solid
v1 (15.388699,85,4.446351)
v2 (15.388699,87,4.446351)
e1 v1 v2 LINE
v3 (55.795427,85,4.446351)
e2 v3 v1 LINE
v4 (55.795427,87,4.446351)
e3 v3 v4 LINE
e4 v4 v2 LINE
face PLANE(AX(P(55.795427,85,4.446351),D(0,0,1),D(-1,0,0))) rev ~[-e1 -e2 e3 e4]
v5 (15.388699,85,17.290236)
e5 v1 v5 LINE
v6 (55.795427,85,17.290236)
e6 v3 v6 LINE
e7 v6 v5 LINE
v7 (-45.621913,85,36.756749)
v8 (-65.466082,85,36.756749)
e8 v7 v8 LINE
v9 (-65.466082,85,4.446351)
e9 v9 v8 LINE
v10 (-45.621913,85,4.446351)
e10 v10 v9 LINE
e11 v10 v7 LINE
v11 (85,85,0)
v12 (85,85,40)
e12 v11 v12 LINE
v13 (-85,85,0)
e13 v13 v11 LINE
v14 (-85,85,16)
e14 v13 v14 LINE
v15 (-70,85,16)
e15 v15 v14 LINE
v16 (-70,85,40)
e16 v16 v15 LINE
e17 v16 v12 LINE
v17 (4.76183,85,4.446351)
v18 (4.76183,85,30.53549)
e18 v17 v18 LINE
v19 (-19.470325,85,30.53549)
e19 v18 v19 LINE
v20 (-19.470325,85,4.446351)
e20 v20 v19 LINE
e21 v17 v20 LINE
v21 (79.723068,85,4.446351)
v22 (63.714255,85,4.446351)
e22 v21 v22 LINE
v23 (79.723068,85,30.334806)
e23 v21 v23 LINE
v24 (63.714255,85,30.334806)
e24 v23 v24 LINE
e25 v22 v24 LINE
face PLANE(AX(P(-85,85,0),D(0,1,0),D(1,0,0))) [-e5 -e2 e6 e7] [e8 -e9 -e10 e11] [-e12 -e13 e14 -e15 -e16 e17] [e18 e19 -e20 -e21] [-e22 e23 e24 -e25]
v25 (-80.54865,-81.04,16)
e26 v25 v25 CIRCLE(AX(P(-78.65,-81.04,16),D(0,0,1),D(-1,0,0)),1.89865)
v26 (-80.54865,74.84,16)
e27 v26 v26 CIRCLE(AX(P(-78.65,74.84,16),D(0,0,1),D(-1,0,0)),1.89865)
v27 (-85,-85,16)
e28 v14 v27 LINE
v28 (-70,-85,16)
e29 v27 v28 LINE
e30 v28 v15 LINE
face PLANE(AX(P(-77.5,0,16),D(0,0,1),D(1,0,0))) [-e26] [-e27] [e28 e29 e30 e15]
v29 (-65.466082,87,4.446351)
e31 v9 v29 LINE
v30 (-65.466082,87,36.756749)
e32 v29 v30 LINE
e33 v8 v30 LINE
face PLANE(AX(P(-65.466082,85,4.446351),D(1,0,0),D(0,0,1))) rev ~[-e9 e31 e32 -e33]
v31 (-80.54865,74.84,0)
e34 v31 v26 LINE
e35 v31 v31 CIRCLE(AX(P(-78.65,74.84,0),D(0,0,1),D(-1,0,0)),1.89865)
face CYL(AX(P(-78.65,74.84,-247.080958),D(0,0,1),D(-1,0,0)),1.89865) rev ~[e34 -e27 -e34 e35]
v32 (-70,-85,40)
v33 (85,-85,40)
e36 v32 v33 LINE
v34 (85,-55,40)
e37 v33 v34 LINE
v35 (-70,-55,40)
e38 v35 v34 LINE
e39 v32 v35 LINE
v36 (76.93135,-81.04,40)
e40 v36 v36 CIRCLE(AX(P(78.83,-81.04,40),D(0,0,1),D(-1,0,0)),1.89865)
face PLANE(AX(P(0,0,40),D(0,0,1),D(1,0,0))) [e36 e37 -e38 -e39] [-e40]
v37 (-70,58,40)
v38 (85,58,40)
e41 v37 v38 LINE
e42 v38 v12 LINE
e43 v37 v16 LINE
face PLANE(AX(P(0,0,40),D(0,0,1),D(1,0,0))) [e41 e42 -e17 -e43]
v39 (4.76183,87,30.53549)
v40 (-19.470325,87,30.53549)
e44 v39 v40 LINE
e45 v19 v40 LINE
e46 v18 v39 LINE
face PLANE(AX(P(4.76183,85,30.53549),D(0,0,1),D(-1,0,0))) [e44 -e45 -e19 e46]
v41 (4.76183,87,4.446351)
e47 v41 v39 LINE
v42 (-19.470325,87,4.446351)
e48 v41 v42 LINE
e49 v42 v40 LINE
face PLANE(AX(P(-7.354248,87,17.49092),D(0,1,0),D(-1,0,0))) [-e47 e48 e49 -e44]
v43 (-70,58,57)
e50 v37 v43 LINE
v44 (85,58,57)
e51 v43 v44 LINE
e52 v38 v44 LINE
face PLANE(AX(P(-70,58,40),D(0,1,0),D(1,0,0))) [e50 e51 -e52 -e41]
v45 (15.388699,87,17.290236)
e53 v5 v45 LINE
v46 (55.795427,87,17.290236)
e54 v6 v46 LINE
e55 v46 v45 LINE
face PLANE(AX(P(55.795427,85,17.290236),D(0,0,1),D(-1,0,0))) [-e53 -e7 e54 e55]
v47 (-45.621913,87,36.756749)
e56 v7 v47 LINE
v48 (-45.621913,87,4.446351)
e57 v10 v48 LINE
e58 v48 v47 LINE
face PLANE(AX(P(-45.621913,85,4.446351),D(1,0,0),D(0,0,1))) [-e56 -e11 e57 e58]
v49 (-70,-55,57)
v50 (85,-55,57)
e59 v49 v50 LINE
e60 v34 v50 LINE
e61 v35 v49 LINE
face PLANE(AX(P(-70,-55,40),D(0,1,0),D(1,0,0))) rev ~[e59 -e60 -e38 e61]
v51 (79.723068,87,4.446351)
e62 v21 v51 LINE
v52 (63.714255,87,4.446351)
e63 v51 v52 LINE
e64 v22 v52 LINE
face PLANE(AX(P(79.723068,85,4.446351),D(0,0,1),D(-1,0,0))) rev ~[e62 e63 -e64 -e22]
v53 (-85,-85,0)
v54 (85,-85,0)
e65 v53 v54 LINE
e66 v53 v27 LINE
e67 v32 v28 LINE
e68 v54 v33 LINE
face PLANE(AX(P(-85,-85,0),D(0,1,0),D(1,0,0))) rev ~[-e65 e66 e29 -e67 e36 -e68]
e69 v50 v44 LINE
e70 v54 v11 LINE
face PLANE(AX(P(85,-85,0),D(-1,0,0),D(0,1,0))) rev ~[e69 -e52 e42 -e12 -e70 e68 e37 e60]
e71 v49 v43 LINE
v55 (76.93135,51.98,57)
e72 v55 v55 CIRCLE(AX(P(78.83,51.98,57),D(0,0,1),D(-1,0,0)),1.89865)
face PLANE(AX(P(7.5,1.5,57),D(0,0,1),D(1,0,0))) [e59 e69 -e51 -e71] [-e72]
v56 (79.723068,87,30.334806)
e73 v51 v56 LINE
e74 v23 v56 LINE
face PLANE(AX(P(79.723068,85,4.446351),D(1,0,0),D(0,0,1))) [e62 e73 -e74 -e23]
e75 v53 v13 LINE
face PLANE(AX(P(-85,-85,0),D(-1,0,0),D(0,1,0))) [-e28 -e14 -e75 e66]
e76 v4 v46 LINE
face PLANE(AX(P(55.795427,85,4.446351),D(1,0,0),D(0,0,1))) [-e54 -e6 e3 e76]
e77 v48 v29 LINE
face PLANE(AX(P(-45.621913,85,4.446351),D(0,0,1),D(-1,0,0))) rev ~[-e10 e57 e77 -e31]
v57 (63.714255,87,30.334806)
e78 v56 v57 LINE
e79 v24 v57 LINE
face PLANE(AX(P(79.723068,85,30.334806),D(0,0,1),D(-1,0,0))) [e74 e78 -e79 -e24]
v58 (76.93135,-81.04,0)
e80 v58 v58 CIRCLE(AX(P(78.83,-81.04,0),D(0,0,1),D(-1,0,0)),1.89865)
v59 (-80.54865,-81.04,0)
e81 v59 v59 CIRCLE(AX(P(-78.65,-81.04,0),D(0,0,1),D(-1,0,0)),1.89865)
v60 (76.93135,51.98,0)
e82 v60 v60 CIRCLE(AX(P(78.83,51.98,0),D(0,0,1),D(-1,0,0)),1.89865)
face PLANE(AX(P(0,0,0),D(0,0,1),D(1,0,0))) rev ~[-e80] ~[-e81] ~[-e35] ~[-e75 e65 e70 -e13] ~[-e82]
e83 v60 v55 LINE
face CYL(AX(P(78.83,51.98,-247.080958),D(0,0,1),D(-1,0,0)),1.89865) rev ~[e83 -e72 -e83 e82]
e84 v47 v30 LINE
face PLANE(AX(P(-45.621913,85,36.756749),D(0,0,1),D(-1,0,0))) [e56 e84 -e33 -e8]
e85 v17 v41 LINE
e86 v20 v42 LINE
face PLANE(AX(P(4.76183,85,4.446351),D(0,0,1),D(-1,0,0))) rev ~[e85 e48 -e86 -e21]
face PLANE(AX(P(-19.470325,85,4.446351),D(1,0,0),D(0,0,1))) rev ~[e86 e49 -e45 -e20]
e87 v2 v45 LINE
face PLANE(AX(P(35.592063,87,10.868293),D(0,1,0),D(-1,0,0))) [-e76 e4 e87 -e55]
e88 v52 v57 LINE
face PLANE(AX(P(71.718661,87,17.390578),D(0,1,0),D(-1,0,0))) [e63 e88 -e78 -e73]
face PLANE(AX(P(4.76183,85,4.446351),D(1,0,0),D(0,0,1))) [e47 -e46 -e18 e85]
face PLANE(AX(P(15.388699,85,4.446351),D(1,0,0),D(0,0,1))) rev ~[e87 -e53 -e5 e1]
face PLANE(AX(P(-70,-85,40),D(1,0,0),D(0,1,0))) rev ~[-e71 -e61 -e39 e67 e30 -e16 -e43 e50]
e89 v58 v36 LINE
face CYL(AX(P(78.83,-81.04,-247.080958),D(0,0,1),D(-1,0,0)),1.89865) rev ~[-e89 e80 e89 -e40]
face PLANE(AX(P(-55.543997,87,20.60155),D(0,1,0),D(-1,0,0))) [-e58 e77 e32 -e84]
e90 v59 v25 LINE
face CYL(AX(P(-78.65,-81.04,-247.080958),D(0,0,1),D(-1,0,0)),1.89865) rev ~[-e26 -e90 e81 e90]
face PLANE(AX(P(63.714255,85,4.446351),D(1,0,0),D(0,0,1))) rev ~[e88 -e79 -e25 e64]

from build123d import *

# Parameters (mm, degrees)
F0_W     = 170
F0_H     = 170
F1_DEPTH = 40
F2_W     = 155
F2_H     = 113
F3_DEPTH = 17
F4_DEPTH = 24
F6_D     = 3.7973
F7_W     = 16.0088125554
F7_H     = 25.888455566
F7_W_2   = 40.4067277214
F7_H_2   = 12.8438859247
F7_W_3   = 24.2321552965
F7_H_3   = 26.0891397484
F7_W_4   = 19.8441686174
F7_H_4   = 32.3103985284
F8_DEPTH = 2


with BuildPart() as f1:
    # F0 (on Top) → F1 (new body)
    with BuildSketch(Plane.XY):
        Rectangle(F0_W, F0_H)
    extrude(amount=F1_DEPTH)

    # F2 (on face) → F3 (join)
    with BuildSketch(Plane.XY.offset(40)):
        with Locations((7.5, 1.5)):
            Rectangle(F2_W, F2_H)
    extrude(amount=F3_DEPTH)

    # F2 (on face) → F4 (cut)
    with BuildSketch(Plane.XY.offset(40)):
        Polygon((-70, 58), (-70, 85), (-85, 85), (-85, -85), (-70, -85), (-70, -55), align=None)
    extrude(amount=-F4_DEPTH, mode=Mode.SUBTRACT)

    # F6 (through all)
    with Locations(Plane(origin=(0, 0, 0), x_dir=(1, 0, 0), z_dir=(0, 0, -1))):
        with Locations((-78.65, -74.84), (78.83, -51.98), (78.83, 81.04), (-78.65, 81.04)):
            Hole(F6_D / 2)

    # F7 (on face) → F8 (join)
    with BuildSketch(Plane(origin=(0, 85, 0), x_dir=(-1, 0, 0), z_dir=(0, 1, 0))):
        with Locations((-71.7186613039, 17.3905782867)):
            Rectangle(F7_W, F7_H)
        with Locations((-35.5920631724, 10.868293466)):
            Rectangle(F7_W_2, F7_H_2)
        with Locations((7.3542475339, 17.4909203779)):
            Rectangle(F7_W_3, F7_H_3)
        with Locations((55.5439972199, 20.6015497679)):
            Rectangle(F7_W_4, F7_H_4)
    extrude(amount=F8_DEPTH)


solid = f1.part
